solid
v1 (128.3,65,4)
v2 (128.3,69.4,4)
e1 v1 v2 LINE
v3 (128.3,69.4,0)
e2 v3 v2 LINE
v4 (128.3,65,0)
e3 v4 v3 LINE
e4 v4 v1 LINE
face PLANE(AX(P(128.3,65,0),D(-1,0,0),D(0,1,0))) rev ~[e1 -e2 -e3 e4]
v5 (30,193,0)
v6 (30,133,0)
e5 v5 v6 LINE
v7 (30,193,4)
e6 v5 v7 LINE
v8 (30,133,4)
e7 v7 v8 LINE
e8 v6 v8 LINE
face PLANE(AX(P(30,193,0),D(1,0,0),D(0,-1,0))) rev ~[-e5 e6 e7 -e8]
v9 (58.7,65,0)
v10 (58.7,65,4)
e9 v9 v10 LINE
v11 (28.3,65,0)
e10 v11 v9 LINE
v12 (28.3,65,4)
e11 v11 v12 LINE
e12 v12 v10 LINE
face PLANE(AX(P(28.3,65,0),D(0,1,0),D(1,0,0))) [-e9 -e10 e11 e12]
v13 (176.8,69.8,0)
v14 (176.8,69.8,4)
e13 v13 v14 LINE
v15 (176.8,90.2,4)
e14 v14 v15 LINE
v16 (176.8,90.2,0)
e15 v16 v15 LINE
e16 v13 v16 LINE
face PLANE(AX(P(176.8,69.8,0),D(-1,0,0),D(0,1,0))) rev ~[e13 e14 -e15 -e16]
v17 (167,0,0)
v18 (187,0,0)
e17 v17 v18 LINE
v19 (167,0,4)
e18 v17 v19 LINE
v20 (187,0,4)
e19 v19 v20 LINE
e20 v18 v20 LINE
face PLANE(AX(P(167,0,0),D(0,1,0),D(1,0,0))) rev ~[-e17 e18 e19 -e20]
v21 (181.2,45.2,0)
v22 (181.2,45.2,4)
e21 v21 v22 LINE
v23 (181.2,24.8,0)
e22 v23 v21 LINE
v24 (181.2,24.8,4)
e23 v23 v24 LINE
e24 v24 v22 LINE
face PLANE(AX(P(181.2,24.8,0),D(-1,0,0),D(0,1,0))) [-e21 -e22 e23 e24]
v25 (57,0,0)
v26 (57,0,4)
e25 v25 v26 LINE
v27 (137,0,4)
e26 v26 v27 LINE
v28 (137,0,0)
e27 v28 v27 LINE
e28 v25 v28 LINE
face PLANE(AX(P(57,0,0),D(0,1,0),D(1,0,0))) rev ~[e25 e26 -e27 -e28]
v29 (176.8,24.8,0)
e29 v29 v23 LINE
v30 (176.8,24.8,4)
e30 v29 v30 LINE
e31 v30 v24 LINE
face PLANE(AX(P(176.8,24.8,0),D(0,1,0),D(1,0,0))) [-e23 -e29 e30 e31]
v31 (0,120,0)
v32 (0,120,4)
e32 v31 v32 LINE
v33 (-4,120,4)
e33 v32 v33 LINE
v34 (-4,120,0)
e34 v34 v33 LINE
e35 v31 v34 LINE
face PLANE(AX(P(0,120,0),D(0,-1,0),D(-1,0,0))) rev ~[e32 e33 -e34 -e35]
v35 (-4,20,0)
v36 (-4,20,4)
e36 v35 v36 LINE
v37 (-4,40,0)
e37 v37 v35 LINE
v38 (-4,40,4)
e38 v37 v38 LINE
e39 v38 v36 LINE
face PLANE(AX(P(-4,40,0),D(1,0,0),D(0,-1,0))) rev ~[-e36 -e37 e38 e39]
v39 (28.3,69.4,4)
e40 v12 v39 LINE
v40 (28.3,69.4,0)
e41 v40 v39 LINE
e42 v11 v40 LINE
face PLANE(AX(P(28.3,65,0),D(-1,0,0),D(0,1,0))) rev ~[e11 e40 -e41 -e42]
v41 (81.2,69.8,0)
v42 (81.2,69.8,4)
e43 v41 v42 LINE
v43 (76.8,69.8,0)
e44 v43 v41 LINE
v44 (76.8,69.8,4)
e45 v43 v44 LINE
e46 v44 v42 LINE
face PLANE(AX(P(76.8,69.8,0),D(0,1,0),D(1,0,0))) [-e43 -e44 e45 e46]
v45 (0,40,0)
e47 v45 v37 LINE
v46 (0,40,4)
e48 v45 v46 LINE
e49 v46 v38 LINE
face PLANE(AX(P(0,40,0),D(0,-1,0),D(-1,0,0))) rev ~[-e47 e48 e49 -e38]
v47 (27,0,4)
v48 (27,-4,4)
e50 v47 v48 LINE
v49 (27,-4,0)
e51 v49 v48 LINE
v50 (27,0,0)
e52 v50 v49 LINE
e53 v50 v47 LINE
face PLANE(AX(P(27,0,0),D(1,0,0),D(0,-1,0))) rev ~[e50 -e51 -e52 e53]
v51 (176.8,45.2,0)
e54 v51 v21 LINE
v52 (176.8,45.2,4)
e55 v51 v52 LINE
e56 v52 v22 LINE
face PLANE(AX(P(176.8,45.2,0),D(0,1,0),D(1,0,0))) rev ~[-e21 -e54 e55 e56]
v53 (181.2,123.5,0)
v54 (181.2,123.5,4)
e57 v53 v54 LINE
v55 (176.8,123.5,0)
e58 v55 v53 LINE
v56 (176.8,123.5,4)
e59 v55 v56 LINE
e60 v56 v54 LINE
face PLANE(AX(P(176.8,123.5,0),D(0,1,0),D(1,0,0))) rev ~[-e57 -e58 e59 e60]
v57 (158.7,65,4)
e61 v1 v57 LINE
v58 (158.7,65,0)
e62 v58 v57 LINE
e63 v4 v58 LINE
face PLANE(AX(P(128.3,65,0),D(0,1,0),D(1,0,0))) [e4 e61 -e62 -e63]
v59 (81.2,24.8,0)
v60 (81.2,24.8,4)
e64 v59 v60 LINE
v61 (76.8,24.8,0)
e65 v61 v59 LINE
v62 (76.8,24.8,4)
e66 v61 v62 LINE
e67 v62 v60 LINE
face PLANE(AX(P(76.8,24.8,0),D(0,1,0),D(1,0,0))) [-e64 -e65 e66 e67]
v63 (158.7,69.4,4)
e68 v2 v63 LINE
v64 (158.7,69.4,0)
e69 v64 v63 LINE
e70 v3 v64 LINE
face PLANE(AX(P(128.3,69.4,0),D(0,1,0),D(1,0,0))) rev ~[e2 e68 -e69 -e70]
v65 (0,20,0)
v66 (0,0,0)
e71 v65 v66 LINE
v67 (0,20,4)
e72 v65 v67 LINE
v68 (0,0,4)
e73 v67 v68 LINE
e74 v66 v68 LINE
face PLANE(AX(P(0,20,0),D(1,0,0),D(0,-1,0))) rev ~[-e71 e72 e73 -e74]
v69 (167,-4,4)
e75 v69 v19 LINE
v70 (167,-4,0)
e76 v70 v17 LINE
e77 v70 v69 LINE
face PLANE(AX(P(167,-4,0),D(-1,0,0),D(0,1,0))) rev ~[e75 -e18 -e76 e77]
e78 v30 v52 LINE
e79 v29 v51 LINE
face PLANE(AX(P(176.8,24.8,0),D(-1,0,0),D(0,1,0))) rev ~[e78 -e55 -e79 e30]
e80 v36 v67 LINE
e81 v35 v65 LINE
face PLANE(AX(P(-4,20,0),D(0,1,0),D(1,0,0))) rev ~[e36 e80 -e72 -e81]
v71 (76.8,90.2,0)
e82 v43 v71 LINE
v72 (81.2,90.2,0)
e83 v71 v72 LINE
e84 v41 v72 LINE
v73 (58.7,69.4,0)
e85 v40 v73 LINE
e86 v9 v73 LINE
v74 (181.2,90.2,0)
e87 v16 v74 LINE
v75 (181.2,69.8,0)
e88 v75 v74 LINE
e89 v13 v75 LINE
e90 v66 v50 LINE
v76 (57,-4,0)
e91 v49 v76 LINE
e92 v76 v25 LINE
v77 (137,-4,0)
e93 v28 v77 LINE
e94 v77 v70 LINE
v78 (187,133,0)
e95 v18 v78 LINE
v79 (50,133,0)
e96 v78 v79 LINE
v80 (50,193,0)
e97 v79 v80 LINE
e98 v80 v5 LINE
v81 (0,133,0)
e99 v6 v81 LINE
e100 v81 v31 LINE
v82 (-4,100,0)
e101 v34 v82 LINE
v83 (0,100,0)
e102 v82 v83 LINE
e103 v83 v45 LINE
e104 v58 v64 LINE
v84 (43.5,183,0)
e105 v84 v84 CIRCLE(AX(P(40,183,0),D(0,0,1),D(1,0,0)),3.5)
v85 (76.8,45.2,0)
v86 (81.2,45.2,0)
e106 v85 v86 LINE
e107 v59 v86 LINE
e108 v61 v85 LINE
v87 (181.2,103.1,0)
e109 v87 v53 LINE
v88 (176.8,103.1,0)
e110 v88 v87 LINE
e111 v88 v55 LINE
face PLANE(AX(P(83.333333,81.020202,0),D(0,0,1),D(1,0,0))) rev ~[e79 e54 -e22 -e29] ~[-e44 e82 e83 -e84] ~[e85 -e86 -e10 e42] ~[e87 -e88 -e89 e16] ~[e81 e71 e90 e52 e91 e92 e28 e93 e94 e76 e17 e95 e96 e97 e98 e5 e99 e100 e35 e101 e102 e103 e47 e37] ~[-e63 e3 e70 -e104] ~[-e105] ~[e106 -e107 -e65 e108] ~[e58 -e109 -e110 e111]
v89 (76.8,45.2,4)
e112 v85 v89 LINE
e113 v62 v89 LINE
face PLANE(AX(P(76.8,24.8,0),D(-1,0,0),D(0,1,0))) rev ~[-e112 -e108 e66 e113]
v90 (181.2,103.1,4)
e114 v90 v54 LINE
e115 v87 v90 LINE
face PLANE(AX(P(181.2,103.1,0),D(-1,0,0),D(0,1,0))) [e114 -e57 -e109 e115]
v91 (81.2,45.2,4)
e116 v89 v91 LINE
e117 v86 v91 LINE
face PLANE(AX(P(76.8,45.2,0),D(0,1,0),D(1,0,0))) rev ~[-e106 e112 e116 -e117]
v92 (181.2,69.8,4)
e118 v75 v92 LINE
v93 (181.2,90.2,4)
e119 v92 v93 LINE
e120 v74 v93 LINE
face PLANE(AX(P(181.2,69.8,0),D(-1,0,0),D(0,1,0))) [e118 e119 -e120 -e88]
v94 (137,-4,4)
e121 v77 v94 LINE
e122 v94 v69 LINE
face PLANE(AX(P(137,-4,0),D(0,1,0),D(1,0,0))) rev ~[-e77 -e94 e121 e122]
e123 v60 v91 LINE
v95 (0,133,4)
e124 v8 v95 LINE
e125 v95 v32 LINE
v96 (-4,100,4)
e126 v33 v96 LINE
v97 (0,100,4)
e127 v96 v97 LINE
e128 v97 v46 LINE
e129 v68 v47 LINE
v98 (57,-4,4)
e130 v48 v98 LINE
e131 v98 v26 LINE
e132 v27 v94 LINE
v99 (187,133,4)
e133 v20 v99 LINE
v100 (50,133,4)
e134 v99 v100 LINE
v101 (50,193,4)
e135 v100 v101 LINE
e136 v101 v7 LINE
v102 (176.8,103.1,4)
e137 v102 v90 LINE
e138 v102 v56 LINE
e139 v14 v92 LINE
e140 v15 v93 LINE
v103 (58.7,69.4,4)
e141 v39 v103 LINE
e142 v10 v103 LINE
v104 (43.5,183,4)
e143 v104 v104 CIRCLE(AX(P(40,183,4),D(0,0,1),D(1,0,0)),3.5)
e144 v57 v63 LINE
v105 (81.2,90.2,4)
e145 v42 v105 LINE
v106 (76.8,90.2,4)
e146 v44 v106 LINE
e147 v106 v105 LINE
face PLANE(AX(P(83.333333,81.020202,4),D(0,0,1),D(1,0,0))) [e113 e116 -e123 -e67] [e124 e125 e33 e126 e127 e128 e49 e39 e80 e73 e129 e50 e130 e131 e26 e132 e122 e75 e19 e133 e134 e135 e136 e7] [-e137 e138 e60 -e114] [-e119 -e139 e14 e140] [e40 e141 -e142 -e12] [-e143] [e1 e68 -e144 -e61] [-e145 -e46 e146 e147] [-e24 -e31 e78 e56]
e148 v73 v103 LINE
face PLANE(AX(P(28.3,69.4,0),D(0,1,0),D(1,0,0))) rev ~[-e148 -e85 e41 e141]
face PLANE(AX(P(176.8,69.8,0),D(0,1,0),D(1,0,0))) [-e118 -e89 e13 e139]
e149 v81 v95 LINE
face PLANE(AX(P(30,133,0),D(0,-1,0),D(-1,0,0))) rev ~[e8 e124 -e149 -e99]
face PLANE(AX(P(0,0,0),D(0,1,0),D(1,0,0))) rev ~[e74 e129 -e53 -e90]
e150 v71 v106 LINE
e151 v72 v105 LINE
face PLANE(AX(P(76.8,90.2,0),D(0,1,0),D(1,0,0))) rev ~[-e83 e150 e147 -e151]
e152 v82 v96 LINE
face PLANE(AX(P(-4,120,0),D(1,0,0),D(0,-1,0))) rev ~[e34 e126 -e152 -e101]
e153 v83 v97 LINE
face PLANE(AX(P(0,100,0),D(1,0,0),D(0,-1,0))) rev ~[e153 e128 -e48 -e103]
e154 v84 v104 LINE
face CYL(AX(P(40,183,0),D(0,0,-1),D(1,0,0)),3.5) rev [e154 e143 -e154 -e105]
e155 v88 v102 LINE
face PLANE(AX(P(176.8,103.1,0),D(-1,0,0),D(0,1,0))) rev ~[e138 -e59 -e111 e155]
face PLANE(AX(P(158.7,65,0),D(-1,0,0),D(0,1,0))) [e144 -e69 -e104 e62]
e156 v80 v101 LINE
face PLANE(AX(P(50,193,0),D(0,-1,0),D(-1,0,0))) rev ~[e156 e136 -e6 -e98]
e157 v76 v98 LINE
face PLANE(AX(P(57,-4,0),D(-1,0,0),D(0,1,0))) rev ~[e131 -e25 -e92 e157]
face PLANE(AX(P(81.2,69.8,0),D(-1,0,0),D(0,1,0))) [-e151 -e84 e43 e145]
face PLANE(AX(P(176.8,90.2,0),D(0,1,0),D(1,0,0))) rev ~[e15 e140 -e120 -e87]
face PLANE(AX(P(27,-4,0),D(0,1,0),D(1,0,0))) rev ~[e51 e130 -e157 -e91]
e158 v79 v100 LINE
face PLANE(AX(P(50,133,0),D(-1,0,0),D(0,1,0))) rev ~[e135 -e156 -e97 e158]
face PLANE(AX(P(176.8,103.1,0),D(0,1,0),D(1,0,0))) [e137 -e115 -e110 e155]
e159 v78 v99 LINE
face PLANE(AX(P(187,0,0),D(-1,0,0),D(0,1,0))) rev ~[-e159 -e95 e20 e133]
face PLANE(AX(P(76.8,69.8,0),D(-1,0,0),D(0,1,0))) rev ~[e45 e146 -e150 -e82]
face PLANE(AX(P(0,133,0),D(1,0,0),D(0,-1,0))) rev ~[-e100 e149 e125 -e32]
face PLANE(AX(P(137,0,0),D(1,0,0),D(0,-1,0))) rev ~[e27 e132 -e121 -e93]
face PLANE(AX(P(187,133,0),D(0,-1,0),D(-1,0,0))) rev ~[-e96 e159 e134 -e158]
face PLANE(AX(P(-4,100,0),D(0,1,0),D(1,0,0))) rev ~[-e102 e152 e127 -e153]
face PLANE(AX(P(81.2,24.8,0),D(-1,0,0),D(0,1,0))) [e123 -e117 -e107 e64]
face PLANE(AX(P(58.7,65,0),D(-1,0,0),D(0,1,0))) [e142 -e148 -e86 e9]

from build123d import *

# Parameters (mm, degrees)
SKETCH_1_W      = 4.4
SKETCH_1_H      = 20.4
SKETCH_1_W_2    = 30.4
SKETCH_1_H_2    = 4.4
SKETCH_1_R      = 3.5
EXTRUDE_1_DEPTH = 4


with BuildPart() as part:
    # Эскиз1 → Бобышка-Вытянуть1 (new body)
    with BuildSketch(Plane.XY):
        Polygon((0, 20), (0, 0), (27, 0), (27, -4), (57, -4), (57, 0), (137, 0), (137, -4), (167, -4), (167, 0), (187, 0), (187, 133), (50, 133), (50, 193), (30, 193), (30, 133), (0, 133), (0, 120), (-4, 120), (-4, 100), (0, 100), (0, 40), (-4, 40), (-4, 20), align=None)
        with Locations((79, 35)):
            Rectangle(SKETCH_1_W, SKETCH_1_H, mode=Mode.SUBTRACT)
        with Locations((43.5, 67.2)):
            Rectangle(SKETCH_1_W_2, SKETCH_1_H_2, mode=Mode.SUBTRACT)
        with Locations((79, 80)):
            Rectangle(SKETCH_1_W, SKETCH_1_H, mode=Mode.SUBTRACT)
        with Locations((179, 35)):
            Rectangle(SKETCH_1_W, SKETCH_1_H, mode=Mode.SUBTRACT)
        with Locations((143.5, 67.2)):
            Rectangle(SKETCH_1_W_2, SKETCH_1_H_2, mode=Mode.SUBTRACT)
        with Locations((179, 80)):
            Rectangle(SKETCH_1_W, SKETCH_1_H, mode=Mode.SUBTRACT)
        with Locations((179, 113.3)):
            Rectangle(SKETCH_1_W, SKETCH_1_H, mode=Mode.SUBTRACT)
        with Locations((40, 183)):
            Circle(SKETCH_1_R, mode=Mode.SUBTRACT)
    extrude(amount=EXTRUDE_1_DEPTH)


solid = part.part
